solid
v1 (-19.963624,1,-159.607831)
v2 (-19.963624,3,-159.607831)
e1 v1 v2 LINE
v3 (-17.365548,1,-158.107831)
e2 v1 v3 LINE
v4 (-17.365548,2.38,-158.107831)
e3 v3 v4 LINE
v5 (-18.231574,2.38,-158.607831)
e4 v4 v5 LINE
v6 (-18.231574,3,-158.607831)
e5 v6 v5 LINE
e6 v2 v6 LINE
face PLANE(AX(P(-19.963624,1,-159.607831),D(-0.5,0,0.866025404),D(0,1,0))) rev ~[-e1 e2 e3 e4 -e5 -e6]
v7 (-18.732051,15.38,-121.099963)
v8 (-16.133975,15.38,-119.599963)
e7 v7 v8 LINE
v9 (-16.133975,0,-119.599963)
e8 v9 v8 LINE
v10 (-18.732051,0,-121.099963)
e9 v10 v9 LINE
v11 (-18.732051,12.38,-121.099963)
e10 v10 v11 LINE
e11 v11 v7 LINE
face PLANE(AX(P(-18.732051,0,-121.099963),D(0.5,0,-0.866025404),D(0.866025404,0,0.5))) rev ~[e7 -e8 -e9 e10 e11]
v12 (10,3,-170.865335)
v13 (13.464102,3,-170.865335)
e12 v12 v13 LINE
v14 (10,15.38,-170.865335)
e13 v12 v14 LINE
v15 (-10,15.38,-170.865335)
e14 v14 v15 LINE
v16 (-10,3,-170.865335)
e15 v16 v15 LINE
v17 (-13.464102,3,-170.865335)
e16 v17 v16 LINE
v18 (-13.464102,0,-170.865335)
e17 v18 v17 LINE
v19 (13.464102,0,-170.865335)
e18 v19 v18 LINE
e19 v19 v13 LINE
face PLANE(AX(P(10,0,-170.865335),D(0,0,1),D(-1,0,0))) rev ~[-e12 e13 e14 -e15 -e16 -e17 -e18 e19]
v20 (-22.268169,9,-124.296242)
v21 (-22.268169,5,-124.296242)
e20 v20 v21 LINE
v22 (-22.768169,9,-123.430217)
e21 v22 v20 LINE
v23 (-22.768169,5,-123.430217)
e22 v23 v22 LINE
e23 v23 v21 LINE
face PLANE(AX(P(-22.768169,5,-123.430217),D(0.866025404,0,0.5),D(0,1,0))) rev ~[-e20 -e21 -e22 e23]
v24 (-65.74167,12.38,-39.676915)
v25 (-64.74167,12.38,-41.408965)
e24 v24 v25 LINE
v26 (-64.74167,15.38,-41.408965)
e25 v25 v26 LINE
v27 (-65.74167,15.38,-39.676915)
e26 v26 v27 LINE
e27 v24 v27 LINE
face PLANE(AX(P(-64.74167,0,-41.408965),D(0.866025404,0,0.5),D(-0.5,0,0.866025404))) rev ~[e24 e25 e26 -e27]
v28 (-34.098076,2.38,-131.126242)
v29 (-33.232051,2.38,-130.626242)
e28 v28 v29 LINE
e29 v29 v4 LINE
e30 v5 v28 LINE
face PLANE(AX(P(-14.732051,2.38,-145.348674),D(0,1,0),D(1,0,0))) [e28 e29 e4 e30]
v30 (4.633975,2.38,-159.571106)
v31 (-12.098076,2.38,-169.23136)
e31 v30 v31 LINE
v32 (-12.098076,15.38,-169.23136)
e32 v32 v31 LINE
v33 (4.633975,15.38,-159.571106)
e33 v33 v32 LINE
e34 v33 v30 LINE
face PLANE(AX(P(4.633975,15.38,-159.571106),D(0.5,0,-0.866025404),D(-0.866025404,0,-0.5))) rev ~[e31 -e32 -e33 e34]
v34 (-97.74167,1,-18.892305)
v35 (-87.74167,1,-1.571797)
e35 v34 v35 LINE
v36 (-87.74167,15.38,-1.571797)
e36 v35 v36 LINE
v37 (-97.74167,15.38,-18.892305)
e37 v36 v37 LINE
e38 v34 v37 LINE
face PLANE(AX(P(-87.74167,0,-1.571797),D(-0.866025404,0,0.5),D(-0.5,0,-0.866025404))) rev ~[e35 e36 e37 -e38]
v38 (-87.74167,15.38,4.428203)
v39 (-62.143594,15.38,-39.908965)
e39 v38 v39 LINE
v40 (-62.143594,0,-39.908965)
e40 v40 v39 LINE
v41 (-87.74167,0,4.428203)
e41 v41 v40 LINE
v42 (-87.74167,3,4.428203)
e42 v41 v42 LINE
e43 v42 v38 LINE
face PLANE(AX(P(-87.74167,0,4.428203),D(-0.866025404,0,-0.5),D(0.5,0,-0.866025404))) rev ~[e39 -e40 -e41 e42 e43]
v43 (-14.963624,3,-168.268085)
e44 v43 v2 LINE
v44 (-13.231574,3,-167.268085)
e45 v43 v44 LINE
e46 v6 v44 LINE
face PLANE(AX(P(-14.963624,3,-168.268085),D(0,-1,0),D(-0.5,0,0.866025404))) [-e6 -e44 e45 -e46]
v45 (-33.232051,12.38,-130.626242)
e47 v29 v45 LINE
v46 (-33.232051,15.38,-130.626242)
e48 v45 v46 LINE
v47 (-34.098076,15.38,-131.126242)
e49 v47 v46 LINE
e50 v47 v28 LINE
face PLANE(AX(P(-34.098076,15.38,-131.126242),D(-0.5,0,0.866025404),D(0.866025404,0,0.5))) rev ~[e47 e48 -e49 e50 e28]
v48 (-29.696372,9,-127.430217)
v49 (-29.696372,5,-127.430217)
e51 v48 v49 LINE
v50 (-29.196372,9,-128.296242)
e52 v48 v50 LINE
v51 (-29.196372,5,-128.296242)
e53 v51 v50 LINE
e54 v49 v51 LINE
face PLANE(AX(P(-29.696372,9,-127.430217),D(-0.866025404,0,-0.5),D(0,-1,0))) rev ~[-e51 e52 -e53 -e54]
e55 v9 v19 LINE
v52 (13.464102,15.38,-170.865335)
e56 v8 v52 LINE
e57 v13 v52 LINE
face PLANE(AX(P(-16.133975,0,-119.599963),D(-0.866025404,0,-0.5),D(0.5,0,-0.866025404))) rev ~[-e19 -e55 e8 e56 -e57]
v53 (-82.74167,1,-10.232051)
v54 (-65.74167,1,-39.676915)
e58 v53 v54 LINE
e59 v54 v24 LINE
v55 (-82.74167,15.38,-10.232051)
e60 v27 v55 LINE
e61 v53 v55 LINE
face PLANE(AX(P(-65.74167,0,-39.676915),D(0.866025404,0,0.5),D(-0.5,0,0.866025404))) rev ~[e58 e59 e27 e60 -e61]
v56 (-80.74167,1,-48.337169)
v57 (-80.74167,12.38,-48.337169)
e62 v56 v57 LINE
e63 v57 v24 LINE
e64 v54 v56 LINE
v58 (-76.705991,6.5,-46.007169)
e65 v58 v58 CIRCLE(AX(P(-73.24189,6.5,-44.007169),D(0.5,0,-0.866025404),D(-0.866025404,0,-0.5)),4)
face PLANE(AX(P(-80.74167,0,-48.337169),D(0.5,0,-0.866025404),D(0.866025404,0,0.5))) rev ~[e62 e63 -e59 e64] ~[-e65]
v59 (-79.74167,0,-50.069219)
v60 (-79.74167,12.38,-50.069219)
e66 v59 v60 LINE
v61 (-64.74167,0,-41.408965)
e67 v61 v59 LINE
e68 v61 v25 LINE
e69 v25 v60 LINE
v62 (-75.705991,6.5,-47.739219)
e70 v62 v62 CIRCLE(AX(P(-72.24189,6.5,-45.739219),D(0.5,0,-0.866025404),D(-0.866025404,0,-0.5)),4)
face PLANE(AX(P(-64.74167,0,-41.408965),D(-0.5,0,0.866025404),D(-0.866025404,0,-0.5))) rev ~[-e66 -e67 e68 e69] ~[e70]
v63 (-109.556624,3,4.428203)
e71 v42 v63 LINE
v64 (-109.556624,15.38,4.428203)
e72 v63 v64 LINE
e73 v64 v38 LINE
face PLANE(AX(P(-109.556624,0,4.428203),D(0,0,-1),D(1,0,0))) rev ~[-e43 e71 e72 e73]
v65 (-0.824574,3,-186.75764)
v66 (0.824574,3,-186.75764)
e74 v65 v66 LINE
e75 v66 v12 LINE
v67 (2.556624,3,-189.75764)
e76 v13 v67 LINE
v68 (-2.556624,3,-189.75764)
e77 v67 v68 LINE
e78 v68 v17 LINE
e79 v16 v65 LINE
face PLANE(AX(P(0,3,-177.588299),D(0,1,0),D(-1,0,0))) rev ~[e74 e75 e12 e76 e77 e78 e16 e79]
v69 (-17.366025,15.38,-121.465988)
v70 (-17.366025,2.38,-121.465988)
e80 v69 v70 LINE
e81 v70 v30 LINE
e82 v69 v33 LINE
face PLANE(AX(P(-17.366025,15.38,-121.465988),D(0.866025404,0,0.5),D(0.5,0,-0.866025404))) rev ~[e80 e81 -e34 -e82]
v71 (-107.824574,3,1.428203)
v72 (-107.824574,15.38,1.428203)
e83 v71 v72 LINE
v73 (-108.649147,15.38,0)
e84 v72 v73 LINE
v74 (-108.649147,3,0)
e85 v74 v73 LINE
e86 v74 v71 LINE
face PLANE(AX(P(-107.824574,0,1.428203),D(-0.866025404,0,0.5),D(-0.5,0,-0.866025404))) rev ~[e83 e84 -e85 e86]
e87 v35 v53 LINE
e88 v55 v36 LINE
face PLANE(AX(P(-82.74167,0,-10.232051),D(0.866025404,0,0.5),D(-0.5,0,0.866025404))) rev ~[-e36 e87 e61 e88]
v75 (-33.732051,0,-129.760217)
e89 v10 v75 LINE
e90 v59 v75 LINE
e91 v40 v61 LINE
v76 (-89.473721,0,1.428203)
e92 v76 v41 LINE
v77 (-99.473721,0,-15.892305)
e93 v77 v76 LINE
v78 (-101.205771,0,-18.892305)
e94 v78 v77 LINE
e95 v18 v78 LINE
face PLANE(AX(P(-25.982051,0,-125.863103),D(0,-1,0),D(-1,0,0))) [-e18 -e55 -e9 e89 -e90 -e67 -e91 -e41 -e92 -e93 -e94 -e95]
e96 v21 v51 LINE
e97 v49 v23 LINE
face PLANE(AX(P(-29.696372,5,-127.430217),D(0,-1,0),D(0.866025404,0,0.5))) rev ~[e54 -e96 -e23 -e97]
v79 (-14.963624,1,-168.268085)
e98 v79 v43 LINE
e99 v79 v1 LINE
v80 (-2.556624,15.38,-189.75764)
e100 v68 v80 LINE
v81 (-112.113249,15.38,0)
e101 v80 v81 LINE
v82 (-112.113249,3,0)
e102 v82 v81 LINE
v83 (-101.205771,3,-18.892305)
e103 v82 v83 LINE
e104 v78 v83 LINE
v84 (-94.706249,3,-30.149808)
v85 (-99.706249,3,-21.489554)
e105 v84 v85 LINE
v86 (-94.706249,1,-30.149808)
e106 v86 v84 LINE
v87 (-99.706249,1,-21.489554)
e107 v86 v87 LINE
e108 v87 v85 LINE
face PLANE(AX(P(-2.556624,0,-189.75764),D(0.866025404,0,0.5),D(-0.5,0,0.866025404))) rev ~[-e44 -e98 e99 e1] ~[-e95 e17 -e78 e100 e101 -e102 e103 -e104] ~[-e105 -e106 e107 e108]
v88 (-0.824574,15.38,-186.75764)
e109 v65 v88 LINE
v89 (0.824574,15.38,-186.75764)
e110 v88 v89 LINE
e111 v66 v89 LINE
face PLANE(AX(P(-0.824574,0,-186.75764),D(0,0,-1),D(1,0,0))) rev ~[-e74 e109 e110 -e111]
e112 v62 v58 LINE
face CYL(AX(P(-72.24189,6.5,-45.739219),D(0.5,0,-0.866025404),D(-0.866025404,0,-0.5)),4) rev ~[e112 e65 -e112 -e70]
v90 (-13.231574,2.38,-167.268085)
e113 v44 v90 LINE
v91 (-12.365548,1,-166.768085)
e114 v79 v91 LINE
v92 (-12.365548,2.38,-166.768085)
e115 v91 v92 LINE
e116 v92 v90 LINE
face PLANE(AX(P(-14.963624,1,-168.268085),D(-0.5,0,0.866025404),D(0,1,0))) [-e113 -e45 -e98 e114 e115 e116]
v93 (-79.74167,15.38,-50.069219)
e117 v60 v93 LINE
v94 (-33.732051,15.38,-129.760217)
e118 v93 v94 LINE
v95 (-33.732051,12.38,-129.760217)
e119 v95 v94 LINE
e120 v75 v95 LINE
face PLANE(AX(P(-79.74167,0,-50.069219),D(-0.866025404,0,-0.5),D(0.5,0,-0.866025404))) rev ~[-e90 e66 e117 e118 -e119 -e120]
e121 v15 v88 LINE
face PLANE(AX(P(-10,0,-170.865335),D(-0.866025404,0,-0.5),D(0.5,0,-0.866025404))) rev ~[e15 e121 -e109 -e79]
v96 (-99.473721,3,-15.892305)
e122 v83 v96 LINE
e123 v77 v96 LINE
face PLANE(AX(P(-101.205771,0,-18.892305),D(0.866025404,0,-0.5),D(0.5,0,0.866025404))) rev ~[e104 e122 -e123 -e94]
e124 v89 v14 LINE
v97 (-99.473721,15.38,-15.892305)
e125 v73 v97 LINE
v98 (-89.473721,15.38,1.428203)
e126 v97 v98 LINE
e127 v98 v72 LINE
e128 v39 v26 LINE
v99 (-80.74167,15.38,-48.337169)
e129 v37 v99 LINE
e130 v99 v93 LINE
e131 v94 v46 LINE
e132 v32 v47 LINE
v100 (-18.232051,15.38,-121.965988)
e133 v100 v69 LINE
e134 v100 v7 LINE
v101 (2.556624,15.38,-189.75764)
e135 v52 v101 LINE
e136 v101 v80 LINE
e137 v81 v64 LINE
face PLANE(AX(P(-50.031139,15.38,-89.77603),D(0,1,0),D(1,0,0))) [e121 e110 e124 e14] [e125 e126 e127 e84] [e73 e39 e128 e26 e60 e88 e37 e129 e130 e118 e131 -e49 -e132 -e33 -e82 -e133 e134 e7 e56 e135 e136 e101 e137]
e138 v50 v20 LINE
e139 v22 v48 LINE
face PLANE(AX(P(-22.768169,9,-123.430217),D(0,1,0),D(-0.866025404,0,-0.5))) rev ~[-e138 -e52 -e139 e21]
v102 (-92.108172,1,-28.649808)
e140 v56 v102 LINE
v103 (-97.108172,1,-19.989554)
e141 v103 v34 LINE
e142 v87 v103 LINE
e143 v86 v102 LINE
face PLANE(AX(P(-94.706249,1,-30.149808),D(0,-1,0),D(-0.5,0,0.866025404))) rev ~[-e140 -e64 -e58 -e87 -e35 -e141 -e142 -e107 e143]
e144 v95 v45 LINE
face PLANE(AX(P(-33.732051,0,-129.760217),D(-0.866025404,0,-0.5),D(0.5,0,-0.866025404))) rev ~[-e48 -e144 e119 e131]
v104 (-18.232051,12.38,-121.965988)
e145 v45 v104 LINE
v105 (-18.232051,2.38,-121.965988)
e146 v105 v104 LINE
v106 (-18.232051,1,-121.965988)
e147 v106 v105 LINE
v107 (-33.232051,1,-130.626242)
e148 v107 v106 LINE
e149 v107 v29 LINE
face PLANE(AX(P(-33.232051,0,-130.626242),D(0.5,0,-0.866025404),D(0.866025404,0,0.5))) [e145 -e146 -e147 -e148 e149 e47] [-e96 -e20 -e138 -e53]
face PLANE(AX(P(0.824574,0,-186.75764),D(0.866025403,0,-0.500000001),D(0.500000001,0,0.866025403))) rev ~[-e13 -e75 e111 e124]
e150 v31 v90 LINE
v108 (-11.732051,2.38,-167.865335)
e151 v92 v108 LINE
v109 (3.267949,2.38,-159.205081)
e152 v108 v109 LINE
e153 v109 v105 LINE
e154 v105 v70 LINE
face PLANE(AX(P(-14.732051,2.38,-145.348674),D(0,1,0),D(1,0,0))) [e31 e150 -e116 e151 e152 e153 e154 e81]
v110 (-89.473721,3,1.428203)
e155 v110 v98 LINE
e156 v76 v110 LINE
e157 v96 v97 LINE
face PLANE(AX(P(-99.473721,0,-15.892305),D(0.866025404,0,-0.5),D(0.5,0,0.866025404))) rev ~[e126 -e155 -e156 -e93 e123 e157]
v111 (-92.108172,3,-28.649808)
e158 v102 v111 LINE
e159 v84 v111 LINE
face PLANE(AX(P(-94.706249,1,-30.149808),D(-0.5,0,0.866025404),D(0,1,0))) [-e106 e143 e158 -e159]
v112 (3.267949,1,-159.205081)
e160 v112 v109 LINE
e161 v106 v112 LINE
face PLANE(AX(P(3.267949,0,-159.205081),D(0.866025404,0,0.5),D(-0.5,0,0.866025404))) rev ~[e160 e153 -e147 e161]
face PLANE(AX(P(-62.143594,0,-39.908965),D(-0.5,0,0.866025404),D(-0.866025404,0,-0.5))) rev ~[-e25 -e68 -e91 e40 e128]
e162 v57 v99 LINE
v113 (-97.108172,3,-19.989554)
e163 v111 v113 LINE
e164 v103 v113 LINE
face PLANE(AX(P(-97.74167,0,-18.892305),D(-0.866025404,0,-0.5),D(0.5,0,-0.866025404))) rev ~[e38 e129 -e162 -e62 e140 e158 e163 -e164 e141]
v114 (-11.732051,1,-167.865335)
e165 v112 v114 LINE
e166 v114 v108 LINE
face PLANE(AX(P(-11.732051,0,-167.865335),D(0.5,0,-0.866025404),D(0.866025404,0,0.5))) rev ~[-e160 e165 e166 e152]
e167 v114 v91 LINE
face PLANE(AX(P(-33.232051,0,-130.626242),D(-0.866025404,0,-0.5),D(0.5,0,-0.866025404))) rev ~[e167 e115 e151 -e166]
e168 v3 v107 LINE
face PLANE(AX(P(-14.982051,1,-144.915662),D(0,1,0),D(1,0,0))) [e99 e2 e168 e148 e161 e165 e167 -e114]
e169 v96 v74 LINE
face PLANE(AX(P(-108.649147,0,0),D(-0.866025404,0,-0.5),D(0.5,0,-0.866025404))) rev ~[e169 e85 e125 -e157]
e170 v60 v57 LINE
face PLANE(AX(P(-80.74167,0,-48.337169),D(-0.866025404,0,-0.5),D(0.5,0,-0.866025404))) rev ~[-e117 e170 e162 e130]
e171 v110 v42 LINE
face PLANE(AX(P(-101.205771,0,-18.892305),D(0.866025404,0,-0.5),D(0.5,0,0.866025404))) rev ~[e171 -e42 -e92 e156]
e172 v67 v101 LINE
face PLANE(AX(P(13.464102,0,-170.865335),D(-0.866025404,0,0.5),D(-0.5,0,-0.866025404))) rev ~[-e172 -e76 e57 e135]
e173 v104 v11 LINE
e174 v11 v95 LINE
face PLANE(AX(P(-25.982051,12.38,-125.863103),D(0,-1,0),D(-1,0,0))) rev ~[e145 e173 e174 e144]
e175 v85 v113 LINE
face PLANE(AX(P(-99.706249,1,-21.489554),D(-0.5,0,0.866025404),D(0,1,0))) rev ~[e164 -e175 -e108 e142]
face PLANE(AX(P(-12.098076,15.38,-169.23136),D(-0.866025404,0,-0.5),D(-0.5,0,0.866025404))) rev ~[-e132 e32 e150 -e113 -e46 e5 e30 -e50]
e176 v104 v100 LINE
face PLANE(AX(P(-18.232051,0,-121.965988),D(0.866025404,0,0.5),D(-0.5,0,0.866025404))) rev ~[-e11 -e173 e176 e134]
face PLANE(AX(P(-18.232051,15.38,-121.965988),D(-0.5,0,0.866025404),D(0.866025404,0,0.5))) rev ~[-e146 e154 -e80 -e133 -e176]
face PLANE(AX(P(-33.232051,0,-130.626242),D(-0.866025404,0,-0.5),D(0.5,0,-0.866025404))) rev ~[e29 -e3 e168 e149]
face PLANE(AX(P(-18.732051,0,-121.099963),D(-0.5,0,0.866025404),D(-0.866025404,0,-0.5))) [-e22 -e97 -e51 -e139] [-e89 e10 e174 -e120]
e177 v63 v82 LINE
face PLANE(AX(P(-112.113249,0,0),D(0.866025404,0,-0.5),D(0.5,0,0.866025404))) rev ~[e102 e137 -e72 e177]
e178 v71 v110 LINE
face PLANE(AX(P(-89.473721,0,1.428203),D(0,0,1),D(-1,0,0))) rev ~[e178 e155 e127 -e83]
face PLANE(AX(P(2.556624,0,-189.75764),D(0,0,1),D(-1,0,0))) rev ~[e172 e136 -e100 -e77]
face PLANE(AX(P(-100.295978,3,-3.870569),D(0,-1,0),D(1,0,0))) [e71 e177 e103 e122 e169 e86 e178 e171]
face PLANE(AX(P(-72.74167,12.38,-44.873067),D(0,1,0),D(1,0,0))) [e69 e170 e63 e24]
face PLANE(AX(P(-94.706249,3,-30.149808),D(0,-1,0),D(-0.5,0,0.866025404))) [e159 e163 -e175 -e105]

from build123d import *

# Parameters (mm, degrees)
BOSS_EXTRUDE2_DEPTH = 15.38
BOSS_EXTRUDE3_DEPTH = 1
BOSS_EXTRUDE4_DEPTH = 12.38
CUT_EXTRUDE1_DEPTH  = 8.26
SKETCH12_R          = 4
CUT_EXTRUDE2_DEPTH  = 8.26
CUT_EXTRUDE3_DEPTH  = 3
SKETCH16_W          = 10
SKETCH16_H          = 2
CUT_EXTRUDE4_DEPTH  = 3
CUT_EXTRUDE5_DEPTH  = 13


with BuildPart() as part:
    # Sketch1 → Boss-Extrude2 (new body)
    with BuildSketch(Plane(origin=(0, 0, 0), x_dir=(1, 0, 0), z_dir=(0, 1, 0))):
        Polygon((-33.232050802, 130.626242439), (-11.732050802, 167.865334802), (3.267949197, 159.205080764), (-18.232050803, 121.965988402), (-18.732050803, 121.099962998), (-16.133974592, 119.599962998), (13.464101619, 170.865334801), (2.556624332, 189.757639644), (-2.556624322, 189.757639644), (-112.11324865, 2e-09), (-109.556624323, -4.428203228), (-87.74166975, -4.428203228), (-62.14359354, 39.908965344), (-64.74166975, 41.408965344), (-65.74166975, 39.676914536), (-82.74166975, 10.232050807), (-87.74166975, 1.57179677), (-97.741669749, 18.892304845), (-80.741669749, 48.337168573), (-79.741669749, 50.069219381), (-33.732050802, 129.760217035), align=None)
        Polygon((-89.473720558, -1.42820323), (-107.824573519, -1.42820323), (-108.649147039, 0), (-99.473720558, 15.892304845), align=None, mode=Mode.SUBTRACT)
        Polygon((-9.999999996, 170.865334801), (-0.824573515, 186.757639646), (0.824573508, 186.757639646), (10.000000004, 170.865334801), align=None, mode=Mode.SUBTRACT)
    extrude(amount=BOSS_EXTRUDE2_DEPTH)

    # Sketch1<11> → Boss-Extrude3 (add)
    with BuildSketch(Plane(origin=(0, 0, 0), x_dir=(1, 0, 0), z_dir=(0, 1, 0))):
        Polygon((3.267949197, 159.205080764), (-11.732050802, 167.865334802), (-33.232050802, 130.626242439), (-18.232050803, 121.965988402), align=None)
        Polygon((-65.74166975, 39.676914536), (-80.741669749, 48.337168573), (-97.741669749, 18.892304845), (-87.74166975, 1.57179677), align=None)
    extrude(amount=BOSS_EXTRUDE3_DEPTH)

    # Sketch1<12> → Boss-Extrude4 (add)
    with BuildSketch(Plane(origin=(0, 0, 0), x_dir=(1, 0, 0), z_dir=(0, 1, 0))):
        Polygon((-18.232050803, 121.965988402), (-33.232050802, 130.626242439), (-33.732050802, 129.760217035), (-18.732050803, 121.099962998), align=None)
        Polygon((-64.74166975, 41.408965344), (-79.741669749, 50.069219381), (-80.741669749, 48.337168573), (-65.74166975, 39.676914536), align=None)
    extrude(amount=BOSS_EXTRUDE4_DEPTH)

    # Sketch10 → Cut-Extrude1 (cut)
    with BuildSketch(Plane(origin=(47.754809476, 0, -82.713756318), x_dir=(0.8660254037844418, 0, 0.49999999999999456), z_dir=(-0.4999999999999946, 0, 0.8660254037844419))):
        Polygon((-85.432921433, 5), (-81.432921433, 5), (-81.432921433, 9), (-89.432921433, 9), (-89.432921433, 5), align=None)
    extrude(amount=-CUT_EXTRUDE1_DEPTH, mode=Mode.SUBTRACT)

    # Sketch12 → Cut-Extrude2 (cut)
    with BuildSketch(Plane(origin=(1.745190528, 0, -3.022758664), x_dir=(-0.866025403784436, 0, -0.5000000000000047), z_dir=(0.5000000000000047, 0, -0.866025403784436))):
        with Locations((85.432921433, 6.5)):
            Circle(SKETCH12_R)
    extrude(amount=-CUT_EXTRUDE2_DEPTH, mode=Mode.SUBTRACT)

    # Sketch15 → Cut-Extrude3 (cut)
    with BuildSketch(Plane.XZ):
        Polygon((-87.74166975, 4.428203228), (-109.556624323, 4.428203228), (-112.11324865, -2e-09), (-101.205771363, -18.892304845), align=None)
        Polygon((13.464101619, -170.865334801), (2.556624332, -189.757639644), (-2.556624322, -189.757639644), (-13.464101609, -170.865334801), align=None)
    extrude(amount=-CUT_EXTRUDE3_DEPTH, mode=Mode.SUBTRACT)

    # Sketch16 → Cut-Extrude4 (cut)
    with BuildSketch(Plane(origin=(-84.084936489, 0, -48.546460716), x_dir=(-0.4999999999999999, 0, 0.8660254037844386), z_dir=(-0.8660254037844387, 0, -0.49999999999999994))):
        with Locations((-133.242624333, 2)):
            Rectangle(SKETCH16_W, SKETCH16_H)
        with Locations((26.242624323, 2)):
            Rectangle(SKETCH16_W, SKETCH16_H)
    extrude(amount=-CUT_EXTRUDE4_DEPTH, mode=Mode.SUBTRACT)

    # Sketch17 → Cut-Extrude5 (cut)
    with BuildSketch(Plane(origin=(0, 15.38, 0), x_dir=(1, 0, 0), z_dir=(0, 1, 0))):
        Polygon((-18.232050803, 121.965988402), (-17.366025399, 121.465988402), (4.633974601, 159.571106168), (-12.098076205, 169.231360205), (-34.098076205, 131.126242439), (-33.232050802, 130.626242439), align=None)
    extrude(amount=-CUT_EXTRUDE5_DEPTH, mode=Mode.SUBTRACT)


solid = part.part
